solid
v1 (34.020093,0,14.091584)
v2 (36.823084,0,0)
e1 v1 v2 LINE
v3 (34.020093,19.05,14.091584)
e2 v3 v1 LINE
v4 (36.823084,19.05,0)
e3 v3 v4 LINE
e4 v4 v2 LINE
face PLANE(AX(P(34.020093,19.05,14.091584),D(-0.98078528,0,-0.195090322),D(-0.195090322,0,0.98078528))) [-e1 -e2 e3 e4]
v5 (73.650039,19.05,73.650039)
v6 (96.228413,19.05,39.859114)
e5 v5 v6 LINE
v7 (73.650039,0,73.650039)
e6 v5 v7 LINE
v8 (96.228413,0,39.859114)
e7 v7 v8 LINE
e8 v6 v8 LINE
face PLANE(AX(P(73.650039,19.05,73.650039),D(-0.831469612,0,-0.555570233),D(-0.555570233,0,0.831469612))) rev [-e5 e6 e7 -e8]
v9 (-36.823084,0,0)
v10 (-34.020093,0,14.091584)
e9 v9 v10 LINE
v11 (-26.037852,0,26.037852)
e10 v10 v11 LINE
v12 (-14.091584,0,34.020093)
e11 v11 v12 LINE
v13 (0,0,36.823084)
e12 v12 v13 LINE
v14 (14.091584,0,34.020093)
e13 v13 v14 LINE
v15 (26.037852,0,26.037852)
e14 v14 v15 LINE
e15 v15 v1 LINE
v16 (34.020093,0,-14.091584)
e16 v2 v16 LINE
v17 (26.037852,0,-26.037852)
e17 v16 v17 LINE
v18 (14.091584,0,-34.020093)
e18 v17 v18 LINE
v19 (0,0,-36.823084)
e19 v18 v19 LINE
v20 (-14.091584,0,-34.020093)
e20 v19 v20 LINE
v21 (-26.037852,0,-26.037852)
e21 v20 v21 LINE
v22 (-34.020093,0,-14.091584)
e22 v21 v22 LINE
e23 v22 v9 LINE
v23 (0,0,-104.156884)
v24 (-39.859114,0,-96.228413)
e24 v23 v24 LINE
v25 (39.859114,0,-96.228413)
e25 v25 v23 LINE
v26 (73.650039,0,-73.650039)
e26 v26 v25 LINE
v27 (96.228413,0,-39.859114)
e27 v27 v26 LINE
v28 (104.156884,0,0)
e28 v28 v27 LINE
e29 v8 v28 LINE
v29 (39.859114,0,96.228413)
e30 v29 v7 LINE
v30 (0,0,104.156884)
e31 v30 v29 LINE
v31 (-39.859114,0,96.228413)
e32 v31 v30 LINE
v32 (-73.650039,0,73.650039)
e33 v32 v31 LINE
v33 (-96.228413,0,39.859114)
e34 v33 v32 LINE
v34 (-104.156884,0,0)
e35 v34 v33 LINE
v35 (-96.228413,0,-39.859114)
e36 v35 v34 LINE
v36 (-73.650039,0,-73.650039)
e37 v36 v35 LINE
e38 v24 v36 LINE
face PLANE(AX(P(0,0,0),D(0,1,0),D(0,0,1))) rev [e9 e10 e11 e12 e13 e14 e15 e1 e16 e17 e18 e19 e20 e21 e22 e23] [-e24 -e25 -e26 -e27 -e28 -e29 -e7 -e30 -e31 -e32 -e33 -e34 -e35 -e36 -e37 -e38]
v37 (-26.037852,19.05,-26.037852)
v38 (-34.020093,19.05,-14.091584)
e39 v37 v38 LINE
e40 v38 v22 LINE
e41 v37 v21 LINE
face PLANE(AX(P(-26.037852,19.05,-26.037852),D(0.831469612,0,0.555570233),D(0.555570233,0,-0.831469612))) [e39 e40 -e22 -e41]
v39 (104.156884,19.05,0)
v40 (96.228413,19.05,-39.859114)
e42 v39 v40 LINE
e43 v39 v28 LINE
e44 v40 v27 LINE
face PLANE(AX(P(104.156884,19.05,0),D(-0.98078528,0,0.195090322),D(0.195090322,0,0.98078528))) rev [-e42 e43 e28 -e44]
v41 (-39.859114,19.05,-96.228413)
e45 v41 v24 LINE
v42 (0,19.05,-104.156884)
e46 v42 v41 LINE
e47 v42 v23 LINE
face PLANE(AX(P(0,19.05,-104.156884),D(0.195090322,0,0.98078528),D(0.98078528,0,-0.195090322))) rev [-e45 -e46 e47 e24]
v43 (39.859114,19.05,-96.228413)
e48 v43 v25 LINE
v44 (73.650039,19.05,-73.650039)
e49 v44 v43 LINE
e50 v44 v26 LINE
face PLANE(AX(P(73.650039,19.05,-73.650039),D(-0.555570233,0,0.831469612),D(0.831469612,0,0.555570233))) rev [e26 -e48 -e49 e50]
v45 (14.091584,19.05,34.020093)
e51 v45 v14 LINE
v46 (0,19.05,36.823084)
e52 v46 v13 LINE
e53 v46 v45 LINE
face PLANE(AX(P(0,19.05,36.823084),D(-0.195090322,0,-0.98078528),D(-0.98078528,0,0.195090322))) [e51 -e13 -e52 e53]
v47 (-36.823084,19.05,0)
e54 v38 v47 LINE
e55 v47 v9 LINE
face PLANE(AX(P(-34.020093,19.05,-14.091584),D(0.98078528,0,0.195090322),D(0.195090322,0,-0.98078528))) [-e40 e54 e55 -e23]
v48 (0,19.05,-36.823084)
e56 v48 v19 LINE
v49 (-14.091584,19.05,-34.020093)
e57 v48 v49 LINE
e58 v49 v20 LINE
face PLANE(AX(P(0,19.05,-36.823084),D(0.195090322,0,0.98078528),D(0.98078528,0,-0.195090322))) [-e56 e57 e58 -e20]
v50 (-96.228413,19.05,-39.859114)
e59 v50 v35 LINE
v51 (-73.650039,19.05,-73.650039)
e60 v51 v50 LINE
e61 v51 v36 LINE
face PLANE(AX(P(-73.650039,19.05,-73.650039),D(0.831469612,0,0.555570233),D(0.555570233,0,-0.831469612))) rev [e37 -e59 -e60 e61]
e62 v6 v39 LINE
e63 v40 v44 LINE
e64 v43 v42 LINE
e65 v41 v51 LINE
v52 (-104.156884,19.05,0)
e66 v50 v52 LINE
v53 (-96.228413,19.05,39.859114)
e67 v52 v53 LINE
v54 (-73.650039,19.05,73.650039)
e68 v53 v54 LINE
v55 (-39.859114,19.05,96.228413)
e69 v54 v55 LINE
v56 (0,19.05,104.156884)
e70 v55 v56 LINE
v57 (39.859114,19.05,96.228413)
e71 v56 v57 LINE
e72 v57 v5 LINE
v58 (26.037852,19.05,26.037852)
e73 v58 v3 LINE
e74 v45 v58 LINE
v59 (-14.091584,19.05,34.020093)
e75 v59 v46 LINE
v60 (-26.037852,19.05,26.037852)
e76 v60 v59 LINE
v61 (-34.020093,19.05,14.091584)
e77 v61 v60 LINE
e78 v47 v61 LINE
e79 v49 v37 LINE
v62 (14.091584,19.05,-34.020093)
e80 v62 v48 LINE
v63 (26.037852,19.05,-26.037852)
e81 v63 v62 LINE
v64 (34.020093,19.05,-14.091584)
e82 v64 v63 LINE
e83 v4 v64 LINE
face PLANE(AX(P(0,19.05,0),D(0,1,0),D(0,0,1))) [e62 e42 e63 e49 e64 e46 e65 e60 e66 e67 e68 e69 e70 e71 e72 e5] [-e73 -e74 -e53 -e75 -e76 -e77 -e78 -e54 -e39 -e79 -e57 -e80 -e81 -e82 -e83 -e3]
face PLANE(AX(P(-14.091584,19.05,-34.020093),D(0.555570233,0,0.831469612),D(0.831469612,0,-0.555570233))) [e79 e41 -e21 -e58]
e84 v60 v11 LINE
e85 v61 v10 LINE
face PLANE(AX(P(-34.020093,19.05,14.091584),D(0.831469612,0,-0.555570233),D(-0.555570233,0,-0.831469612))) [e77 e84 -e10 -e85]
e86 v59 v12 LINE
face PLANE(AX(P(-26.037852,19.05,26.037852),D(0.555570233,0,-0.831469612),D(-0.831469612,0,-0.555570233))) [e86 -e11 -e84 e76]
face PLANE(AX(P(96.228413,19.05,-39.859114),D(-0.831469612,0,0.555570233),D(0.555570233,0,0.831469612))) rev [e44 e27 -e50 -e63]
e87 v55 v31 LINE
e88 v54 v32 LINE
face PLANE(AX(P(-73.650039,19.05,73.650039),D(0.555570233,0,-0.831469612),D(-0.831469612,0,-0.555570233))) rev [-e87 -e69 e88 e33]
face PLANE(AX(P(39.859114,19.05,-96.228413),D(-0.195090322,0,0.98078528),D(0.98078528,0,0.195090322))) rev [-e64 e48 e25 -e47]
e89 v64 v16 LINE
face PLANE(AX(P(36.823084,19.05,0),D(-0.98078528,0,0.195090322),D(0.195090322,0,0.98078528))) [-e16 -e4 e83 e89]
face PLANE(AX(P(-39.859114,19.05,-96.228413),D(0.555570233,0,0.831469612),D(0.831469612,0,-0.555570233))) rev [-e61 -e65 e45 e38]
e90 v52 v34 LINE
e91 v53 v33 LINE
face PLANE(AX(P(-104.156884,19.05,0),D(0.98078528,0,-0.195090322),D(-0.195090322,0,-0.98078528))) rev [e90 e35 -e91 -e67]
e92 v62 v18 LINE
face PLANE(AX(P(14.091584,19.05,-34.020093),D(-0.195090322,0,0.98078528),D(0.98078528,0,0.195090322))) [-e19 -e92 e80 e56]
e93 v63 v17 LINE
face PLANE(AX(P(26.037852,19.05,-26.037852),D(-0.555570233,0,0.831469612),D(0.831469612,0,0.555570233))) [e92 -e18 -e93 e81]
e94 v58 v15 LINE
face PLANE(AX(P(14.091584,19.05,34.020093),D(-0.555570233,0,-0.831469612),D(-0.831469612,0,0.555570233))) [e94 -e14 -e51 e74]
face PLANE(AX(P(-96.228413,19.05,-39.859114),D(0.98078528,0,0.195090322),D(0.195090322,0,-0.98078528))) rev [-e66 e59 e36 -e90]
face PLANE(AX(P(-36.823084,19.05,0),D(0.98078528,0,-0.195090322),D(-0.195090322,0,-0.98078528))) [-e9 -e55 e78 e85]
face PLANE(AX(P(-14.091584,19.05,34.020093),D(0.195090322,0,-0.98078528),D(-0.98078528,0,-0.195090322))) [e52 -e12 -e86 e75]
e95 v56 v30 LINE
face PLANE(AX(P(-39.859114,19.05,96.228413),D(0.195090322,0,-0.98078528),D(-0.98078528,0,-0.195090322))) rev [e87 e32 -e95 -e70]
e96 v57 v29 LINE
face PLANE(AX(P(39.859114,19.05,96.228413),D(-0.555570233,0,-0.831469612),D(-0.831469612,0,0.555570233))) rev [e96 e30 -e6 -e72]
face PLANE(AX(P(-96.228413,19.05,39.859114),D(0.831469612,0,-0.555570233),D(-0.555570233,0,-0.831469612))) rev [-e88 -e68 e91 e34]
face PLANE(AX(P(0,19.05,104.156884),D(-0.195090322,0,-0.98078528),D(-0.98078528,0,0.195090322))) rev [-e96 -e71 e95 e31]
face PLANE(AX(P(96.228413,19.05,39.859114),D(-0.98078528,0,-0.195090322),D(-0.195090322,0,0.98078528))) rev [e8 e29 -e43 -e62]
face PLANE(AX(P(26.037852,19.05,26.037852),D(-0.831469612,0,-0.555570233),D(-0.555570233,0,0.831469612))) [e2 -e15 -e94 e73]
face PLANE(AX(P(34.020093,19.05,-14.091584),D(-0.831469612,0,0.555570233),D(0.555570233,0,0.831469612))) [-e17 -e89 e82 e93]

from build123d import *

# Parameters (mm, degrees)
BOSS_EXTRUDE1_DEPTH = 19.05


with BuildPart() as part:
    # Sketch1 → Boss-Extrude1 (new body)
    with BuildSketch(Plane(origin=(0, 0, 0), x_dir=(1, 0, 0), z_dir=(0, 1, 0))):
        Polygon((104.156883796, 0), (96.228413109, 39.859113796), (73.65003884, 73.65003884), (39.859113796, 96.228413109), (0, 104.156883796), (-39.859113796, 96.228413109), (-73.65003884, 73.65003884), (-96.228413109, 39.859113796), (-104.156883796, 0), (-96.228413109, -39.859113796), (-73.65003884, -73.65003884), (-39.859113796, -96.228413109), (0, -104.156883796), (39.859113796, -96.228413109), (73.65003884, -73.65003884), (96.228413109, -39.859113796), align=None)
        Polygon((36.823083708, 0), (34.020093362, 14.091584064), (26.037852194, 26.037852194), (14.091584064, 34.020093362), (0, 36.823083708), (-14.091584064, 34.020093362), (-26.037852194, 26.037852194), (-34.020093362, 14.091584064), (-36.823083708, 0), (-34.020093362, -14.091584064), (-26.037852194, -26.037852194), (-14.091584064, -34.020093362), (0, -36.823083708), (14.091584064, -34.020093362), (26.037852194, -26.037852194), (34.020093362, -14.091584064), align=None, mode=Mode.SUBTRACT)
    extrude(amount=BOSS_EXTRUDE1_DEPTH)


solid = part.part
